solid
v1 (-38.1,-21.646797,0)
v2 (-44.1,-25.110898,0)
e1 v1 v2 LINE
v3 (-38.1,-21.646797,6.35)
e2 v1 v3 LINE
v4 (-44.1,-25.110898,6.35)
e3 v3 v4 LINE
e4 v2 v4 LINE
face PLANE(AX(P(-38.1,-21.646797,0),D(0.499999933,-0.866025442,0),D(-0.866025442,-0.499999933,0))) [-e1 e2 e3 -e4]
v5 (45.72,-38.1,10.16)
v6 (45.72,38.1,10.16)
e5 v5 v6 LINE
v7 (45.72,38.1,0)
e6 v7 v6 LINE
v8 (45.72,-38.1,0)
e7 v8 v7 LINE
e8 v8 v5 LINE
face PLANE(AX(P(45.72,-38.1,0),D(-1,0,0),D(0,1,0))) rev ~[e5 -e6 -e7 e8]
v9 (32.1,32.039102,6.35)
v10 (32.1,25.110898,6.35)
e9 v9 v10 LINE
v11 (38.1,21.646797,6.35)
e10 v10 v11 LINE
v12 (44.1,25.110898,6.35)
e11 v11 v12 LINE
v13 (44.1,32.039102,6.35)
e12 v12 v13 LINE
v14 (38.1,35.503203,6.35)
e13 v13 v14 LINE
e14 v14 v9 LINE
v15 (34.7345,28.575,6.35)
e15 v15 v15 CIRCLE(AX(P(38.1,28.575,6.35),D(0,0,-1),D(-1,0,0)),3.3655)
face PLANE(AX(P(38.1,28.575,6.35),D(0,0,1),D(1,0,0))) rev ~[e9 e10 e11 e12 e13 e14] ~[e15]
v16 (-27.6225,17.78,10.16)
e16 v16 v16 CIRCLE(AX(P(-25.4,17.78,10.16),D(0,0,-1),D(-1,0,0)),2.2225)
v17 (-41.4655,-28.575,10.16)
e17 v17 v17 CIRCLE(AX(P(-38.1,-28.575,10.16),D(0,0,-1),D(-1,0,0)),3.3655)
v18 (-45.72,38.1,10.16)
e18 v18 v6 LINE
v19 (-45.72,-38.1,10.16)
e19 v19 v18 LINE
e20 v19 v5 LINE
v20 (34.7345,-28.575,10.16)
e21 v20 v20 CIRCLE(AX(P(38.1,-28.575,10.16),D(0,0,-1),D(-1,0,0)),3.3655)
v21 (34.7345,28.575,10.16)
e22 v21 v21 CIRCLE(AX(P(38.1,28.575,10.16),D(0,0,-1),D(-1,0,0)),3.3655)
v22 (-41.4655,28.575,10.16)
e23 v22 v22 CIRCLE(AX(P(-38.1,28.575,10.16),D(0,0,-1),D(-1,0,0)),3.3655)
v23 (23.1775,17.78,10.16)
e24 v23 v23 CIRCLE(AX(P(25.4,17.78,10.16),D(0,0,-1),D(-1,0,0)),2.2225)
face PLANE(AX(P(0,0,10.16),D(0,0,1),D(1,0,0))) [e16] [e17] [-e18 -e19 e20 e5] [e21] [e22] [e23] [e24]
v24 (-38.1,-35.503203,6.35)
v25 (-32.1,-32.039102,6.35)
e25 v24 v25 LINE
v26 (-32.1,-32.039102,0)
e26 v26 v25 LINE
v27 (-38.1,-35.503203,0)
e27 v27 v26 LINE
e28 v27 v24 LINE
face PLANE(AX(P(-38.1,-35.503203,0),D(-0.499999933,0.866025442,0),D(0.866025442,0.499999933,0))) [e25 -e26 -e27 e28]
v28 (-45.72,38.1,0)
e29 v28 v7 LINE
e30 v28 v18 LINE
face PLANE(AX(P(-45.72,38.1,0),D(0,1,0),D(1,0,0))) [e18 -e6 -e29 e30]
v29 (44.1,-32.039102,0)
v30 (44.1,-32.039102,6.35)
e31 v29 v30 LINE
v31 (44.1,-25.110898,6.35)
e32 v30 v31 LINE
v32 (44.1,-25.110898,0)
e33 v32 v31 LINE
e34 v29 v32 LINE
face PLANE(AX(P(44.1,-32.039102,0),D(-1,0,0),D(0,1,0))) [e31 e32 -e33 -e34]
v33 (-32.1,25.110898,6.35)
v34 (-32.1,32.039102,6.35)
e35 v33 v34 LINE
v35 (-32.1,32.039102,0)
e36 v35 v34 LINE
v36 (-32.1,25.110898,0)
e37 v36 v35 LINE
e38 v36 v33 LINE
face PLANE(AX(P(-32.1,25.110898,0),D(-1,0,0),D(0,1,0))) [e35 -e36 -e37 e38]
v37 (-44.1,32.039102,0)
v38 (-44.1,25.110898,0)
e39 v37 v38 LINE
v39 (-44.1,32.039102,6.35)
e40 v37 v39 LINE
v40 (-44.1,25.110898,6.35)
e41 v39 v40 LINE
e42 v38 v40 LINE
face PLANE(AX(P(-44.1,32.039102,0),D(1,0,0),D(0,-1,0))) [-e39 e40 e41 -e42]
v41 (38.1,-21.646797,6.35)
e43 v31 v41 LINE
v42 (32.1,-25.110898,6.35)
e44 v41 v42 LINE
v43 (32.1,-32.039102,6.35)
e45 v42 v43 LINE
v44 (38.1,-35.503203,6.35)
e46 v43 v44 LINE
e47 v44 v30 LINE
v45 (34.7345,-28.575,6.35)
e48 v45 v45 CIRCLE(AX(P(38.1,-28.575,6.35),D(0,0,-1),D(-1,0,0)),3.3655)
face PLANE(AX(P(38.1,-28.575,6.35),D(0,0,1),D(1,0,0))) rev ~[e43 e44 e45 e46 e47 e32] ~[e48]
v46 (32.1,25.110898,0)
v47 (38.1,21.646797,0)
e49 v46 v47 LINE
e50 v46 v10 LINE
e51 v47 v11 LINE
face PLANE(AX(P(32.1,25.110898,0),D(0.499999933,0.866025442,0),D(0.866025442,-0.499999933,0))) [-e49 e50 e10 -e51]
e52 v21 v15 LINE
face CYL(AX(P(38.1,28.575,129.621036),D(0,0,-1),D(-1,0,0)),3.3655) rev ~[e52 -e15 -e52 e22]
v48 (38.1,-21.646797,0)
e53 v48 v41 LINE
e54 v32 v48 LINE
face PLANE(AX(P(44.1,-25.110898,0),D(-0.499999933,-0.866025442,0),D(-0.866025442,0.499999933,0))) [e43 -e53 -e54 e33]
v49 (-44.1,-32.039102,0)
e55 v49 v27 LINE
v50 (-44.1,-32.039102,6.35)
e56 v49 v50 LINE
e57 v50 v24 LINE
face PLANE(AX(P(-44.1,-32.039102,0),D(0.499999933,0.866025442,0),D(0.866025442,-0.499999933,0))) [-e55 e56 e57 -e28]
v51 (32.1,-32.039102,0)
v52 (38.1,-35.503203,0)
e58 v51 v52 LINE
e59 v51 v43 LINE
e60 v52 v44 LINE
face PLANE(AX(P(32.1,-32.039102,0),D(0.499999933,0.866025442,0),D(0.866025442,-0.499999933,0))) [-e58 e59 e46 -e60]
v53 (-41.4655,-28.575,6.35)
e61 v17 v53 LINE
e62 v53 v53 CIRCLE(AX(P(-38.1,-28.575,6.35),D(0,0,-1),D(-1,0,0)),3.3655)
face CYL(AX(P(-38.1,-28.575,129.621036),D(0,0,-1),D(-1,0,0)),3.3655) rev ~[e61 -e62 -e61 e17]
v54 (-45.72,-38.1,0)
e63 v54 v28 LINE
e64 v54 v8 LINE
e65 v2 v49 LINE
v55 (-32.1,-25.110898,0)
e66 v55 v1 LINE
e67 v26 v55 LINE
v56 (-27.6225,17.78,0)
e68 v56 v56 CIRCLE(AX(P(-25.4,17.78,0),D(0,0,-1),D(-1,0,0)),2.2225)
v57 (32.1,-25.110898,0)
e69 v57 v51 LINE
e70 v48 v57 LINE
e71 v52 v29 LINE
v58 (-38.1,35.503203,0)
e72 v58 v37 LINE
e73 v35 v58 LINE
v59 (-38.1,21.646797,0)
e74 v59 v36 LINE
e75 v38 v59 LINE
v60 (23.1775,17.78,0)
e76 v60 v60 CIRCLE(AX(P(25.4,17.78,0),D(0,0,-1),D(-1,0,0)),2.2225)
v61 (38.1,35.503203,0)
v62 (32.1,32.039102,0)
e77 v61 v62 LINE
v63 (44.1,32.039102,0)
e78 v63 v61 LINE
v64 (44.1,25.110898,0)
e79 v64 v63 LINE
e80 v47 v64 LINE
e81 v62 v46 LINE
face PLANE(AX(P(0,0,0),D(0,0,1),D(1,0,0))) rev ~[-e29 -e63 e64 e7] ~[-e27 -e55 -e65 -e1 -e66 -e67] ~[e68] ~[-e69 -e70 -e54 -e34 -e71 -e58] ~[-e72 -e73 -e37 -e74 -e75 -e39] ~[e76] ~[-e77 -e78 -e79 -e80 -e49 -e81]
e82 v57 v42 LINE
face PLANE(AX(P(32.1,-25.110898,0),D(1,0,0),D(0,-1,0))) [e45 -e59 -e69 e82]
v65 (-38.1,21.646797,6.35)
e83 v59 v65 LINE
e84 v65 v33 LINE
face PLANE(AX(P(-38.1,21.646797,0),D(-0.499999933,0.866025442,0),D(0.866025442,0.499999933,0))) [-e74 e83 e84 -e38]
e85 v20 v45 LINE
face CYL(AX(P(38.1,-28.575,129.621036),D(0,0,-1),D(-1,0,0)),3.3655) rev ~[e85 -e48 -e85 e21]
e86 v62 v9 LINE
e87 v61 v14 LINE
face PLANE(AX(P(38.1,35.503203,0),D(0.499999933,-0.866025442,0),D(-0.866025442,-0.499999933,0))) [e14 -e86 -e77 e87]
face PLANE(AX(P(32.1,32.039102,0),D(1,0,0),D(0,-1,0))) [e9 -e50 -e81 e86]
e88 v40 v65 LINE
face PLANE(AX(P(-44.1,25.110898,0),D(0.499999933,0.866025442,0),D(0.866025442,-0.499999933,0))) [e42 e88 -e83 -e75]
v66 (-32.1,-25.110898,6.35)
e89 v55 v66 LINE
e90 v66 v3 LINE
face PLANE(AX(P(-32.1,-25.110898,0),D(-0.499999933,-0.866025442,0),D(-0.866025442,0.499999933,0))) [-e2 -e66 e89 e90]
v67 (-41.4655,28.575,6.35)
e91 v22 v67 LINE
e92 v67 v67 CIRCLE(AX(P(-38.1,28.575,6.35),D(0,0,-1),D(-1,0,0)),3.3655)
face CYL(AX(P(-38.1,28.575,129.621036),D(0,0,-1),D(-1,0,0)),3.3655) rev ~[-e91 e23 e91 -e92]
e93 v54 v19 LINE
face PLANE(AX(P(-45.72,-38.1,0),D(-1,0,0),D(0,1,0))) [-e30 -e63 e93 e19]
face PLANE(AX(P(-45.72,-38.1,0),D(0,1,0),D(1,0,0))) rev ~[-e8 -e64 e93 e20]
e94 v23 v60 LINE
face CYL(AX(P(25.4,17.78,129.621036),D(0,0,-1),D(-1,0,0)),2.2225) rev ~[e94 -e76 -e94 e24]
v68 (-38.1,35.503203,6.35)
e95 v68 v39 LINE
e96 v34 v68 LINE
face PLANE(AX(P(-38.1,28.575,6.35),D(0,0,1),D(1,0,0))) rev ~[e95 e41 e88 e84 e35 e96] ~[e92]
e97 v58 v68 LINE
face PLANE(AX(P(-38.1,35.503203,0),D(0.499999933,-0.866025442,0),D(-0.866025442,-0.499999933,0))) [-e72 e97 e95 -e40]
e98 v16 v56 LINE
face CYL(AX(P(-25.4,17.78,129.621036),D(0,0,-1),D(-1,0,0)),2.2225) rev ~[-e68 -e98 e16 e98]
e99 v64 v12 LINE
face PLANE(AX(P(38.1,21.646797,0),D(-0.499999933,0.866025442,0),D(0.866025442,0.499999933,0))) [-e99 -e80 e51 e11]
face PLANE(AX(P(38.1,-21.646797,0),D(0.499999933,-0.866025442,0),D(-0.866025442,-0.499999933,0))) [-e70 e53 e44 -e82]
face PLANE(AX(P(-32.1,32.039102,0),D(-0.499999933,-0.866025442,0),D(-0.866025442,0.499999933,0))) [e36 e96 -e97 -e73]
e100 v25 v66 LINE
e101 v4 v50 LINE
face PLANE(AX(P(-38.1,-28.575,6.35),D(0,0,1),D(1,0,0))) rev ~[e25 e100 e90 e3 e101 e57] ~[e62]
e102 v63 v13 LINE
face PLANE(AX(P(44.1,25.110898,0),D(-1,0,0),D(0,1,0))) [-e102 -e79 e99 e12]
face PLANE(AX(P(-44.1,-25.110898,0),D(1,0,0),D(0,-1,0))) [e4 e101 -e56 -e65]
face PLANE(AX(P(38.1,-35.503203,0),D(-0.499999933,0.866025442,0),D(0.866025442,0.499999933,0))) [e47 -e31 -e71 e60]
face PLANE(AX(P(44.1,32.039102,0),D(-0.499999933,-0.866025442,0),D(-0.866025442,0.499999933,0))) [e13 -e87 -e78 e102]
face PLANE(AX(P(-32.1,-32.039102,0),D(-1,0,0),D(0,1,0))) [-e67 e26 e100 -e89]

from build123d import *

# Parameters (mm, degrees)
F0_W     = 91.44
F0_H     = 76.2
F1_DEPTH = 10.16
F3_D     = 4.445
F5_D     = 6.731
F7_DEPTH = 6.35


with BuildPart() as f1:
    # F0 (on Top) → F1 (new body)
    with BuildSketch(Plane.XY):
        Rectangle(F0_W, F0_H)
    extrude(amount=F1_DEPTH)

    # F3 (through all)
    with Locations(Plane.XY.offset(10.16)):
        with Locations((-25.4, 17.78), (25.4, 17.78)):
            Hole(F3_D / 2)

    # F5 (through all)
    with Locations(Plane.XY.offset(10.16)):
        with Locations((-38.1, 28.575), (38.1, 28.575), (-38.1, -28.575), (38.1, -28.575)):
            Hole(F5_D / 2)

    # F6 (on face) → F7 (cut)
    with BuildSketch(Plane.XY):
        Polygon((38.1, 35.503203), (32.1, 32.039102), (32.1, 25.110898), (38.1, 21.646797), (44.1, 25.110898), (44.1, 32.039102), align=None)
        Polygon((-44.1, 25.110898), (-38.1, 21.646797), (-32.1, 25.110898), (-32.1, 32.039102), (-38.1, 35.503203), (-44.1, 32.039102), align=None)
        Polygon((44.1, -25.110898), (38.1, -21.646797), (32.1, -25.110898), (32.1, -32.039102), (38.1, -35.503203), (44.1, -32.039102), align=None)
        Polygon((-32.1, -25.110898), (-38.1, -21.646797), (-44.1, -25.110898), (-44.1, -32.039102), (-38.1, -35.503203), (-32.1, -32.039102), align=None)
    extrude(amount=F7_DEPTH, mode=Mode.SUBTRACT)


solid = f1.part
